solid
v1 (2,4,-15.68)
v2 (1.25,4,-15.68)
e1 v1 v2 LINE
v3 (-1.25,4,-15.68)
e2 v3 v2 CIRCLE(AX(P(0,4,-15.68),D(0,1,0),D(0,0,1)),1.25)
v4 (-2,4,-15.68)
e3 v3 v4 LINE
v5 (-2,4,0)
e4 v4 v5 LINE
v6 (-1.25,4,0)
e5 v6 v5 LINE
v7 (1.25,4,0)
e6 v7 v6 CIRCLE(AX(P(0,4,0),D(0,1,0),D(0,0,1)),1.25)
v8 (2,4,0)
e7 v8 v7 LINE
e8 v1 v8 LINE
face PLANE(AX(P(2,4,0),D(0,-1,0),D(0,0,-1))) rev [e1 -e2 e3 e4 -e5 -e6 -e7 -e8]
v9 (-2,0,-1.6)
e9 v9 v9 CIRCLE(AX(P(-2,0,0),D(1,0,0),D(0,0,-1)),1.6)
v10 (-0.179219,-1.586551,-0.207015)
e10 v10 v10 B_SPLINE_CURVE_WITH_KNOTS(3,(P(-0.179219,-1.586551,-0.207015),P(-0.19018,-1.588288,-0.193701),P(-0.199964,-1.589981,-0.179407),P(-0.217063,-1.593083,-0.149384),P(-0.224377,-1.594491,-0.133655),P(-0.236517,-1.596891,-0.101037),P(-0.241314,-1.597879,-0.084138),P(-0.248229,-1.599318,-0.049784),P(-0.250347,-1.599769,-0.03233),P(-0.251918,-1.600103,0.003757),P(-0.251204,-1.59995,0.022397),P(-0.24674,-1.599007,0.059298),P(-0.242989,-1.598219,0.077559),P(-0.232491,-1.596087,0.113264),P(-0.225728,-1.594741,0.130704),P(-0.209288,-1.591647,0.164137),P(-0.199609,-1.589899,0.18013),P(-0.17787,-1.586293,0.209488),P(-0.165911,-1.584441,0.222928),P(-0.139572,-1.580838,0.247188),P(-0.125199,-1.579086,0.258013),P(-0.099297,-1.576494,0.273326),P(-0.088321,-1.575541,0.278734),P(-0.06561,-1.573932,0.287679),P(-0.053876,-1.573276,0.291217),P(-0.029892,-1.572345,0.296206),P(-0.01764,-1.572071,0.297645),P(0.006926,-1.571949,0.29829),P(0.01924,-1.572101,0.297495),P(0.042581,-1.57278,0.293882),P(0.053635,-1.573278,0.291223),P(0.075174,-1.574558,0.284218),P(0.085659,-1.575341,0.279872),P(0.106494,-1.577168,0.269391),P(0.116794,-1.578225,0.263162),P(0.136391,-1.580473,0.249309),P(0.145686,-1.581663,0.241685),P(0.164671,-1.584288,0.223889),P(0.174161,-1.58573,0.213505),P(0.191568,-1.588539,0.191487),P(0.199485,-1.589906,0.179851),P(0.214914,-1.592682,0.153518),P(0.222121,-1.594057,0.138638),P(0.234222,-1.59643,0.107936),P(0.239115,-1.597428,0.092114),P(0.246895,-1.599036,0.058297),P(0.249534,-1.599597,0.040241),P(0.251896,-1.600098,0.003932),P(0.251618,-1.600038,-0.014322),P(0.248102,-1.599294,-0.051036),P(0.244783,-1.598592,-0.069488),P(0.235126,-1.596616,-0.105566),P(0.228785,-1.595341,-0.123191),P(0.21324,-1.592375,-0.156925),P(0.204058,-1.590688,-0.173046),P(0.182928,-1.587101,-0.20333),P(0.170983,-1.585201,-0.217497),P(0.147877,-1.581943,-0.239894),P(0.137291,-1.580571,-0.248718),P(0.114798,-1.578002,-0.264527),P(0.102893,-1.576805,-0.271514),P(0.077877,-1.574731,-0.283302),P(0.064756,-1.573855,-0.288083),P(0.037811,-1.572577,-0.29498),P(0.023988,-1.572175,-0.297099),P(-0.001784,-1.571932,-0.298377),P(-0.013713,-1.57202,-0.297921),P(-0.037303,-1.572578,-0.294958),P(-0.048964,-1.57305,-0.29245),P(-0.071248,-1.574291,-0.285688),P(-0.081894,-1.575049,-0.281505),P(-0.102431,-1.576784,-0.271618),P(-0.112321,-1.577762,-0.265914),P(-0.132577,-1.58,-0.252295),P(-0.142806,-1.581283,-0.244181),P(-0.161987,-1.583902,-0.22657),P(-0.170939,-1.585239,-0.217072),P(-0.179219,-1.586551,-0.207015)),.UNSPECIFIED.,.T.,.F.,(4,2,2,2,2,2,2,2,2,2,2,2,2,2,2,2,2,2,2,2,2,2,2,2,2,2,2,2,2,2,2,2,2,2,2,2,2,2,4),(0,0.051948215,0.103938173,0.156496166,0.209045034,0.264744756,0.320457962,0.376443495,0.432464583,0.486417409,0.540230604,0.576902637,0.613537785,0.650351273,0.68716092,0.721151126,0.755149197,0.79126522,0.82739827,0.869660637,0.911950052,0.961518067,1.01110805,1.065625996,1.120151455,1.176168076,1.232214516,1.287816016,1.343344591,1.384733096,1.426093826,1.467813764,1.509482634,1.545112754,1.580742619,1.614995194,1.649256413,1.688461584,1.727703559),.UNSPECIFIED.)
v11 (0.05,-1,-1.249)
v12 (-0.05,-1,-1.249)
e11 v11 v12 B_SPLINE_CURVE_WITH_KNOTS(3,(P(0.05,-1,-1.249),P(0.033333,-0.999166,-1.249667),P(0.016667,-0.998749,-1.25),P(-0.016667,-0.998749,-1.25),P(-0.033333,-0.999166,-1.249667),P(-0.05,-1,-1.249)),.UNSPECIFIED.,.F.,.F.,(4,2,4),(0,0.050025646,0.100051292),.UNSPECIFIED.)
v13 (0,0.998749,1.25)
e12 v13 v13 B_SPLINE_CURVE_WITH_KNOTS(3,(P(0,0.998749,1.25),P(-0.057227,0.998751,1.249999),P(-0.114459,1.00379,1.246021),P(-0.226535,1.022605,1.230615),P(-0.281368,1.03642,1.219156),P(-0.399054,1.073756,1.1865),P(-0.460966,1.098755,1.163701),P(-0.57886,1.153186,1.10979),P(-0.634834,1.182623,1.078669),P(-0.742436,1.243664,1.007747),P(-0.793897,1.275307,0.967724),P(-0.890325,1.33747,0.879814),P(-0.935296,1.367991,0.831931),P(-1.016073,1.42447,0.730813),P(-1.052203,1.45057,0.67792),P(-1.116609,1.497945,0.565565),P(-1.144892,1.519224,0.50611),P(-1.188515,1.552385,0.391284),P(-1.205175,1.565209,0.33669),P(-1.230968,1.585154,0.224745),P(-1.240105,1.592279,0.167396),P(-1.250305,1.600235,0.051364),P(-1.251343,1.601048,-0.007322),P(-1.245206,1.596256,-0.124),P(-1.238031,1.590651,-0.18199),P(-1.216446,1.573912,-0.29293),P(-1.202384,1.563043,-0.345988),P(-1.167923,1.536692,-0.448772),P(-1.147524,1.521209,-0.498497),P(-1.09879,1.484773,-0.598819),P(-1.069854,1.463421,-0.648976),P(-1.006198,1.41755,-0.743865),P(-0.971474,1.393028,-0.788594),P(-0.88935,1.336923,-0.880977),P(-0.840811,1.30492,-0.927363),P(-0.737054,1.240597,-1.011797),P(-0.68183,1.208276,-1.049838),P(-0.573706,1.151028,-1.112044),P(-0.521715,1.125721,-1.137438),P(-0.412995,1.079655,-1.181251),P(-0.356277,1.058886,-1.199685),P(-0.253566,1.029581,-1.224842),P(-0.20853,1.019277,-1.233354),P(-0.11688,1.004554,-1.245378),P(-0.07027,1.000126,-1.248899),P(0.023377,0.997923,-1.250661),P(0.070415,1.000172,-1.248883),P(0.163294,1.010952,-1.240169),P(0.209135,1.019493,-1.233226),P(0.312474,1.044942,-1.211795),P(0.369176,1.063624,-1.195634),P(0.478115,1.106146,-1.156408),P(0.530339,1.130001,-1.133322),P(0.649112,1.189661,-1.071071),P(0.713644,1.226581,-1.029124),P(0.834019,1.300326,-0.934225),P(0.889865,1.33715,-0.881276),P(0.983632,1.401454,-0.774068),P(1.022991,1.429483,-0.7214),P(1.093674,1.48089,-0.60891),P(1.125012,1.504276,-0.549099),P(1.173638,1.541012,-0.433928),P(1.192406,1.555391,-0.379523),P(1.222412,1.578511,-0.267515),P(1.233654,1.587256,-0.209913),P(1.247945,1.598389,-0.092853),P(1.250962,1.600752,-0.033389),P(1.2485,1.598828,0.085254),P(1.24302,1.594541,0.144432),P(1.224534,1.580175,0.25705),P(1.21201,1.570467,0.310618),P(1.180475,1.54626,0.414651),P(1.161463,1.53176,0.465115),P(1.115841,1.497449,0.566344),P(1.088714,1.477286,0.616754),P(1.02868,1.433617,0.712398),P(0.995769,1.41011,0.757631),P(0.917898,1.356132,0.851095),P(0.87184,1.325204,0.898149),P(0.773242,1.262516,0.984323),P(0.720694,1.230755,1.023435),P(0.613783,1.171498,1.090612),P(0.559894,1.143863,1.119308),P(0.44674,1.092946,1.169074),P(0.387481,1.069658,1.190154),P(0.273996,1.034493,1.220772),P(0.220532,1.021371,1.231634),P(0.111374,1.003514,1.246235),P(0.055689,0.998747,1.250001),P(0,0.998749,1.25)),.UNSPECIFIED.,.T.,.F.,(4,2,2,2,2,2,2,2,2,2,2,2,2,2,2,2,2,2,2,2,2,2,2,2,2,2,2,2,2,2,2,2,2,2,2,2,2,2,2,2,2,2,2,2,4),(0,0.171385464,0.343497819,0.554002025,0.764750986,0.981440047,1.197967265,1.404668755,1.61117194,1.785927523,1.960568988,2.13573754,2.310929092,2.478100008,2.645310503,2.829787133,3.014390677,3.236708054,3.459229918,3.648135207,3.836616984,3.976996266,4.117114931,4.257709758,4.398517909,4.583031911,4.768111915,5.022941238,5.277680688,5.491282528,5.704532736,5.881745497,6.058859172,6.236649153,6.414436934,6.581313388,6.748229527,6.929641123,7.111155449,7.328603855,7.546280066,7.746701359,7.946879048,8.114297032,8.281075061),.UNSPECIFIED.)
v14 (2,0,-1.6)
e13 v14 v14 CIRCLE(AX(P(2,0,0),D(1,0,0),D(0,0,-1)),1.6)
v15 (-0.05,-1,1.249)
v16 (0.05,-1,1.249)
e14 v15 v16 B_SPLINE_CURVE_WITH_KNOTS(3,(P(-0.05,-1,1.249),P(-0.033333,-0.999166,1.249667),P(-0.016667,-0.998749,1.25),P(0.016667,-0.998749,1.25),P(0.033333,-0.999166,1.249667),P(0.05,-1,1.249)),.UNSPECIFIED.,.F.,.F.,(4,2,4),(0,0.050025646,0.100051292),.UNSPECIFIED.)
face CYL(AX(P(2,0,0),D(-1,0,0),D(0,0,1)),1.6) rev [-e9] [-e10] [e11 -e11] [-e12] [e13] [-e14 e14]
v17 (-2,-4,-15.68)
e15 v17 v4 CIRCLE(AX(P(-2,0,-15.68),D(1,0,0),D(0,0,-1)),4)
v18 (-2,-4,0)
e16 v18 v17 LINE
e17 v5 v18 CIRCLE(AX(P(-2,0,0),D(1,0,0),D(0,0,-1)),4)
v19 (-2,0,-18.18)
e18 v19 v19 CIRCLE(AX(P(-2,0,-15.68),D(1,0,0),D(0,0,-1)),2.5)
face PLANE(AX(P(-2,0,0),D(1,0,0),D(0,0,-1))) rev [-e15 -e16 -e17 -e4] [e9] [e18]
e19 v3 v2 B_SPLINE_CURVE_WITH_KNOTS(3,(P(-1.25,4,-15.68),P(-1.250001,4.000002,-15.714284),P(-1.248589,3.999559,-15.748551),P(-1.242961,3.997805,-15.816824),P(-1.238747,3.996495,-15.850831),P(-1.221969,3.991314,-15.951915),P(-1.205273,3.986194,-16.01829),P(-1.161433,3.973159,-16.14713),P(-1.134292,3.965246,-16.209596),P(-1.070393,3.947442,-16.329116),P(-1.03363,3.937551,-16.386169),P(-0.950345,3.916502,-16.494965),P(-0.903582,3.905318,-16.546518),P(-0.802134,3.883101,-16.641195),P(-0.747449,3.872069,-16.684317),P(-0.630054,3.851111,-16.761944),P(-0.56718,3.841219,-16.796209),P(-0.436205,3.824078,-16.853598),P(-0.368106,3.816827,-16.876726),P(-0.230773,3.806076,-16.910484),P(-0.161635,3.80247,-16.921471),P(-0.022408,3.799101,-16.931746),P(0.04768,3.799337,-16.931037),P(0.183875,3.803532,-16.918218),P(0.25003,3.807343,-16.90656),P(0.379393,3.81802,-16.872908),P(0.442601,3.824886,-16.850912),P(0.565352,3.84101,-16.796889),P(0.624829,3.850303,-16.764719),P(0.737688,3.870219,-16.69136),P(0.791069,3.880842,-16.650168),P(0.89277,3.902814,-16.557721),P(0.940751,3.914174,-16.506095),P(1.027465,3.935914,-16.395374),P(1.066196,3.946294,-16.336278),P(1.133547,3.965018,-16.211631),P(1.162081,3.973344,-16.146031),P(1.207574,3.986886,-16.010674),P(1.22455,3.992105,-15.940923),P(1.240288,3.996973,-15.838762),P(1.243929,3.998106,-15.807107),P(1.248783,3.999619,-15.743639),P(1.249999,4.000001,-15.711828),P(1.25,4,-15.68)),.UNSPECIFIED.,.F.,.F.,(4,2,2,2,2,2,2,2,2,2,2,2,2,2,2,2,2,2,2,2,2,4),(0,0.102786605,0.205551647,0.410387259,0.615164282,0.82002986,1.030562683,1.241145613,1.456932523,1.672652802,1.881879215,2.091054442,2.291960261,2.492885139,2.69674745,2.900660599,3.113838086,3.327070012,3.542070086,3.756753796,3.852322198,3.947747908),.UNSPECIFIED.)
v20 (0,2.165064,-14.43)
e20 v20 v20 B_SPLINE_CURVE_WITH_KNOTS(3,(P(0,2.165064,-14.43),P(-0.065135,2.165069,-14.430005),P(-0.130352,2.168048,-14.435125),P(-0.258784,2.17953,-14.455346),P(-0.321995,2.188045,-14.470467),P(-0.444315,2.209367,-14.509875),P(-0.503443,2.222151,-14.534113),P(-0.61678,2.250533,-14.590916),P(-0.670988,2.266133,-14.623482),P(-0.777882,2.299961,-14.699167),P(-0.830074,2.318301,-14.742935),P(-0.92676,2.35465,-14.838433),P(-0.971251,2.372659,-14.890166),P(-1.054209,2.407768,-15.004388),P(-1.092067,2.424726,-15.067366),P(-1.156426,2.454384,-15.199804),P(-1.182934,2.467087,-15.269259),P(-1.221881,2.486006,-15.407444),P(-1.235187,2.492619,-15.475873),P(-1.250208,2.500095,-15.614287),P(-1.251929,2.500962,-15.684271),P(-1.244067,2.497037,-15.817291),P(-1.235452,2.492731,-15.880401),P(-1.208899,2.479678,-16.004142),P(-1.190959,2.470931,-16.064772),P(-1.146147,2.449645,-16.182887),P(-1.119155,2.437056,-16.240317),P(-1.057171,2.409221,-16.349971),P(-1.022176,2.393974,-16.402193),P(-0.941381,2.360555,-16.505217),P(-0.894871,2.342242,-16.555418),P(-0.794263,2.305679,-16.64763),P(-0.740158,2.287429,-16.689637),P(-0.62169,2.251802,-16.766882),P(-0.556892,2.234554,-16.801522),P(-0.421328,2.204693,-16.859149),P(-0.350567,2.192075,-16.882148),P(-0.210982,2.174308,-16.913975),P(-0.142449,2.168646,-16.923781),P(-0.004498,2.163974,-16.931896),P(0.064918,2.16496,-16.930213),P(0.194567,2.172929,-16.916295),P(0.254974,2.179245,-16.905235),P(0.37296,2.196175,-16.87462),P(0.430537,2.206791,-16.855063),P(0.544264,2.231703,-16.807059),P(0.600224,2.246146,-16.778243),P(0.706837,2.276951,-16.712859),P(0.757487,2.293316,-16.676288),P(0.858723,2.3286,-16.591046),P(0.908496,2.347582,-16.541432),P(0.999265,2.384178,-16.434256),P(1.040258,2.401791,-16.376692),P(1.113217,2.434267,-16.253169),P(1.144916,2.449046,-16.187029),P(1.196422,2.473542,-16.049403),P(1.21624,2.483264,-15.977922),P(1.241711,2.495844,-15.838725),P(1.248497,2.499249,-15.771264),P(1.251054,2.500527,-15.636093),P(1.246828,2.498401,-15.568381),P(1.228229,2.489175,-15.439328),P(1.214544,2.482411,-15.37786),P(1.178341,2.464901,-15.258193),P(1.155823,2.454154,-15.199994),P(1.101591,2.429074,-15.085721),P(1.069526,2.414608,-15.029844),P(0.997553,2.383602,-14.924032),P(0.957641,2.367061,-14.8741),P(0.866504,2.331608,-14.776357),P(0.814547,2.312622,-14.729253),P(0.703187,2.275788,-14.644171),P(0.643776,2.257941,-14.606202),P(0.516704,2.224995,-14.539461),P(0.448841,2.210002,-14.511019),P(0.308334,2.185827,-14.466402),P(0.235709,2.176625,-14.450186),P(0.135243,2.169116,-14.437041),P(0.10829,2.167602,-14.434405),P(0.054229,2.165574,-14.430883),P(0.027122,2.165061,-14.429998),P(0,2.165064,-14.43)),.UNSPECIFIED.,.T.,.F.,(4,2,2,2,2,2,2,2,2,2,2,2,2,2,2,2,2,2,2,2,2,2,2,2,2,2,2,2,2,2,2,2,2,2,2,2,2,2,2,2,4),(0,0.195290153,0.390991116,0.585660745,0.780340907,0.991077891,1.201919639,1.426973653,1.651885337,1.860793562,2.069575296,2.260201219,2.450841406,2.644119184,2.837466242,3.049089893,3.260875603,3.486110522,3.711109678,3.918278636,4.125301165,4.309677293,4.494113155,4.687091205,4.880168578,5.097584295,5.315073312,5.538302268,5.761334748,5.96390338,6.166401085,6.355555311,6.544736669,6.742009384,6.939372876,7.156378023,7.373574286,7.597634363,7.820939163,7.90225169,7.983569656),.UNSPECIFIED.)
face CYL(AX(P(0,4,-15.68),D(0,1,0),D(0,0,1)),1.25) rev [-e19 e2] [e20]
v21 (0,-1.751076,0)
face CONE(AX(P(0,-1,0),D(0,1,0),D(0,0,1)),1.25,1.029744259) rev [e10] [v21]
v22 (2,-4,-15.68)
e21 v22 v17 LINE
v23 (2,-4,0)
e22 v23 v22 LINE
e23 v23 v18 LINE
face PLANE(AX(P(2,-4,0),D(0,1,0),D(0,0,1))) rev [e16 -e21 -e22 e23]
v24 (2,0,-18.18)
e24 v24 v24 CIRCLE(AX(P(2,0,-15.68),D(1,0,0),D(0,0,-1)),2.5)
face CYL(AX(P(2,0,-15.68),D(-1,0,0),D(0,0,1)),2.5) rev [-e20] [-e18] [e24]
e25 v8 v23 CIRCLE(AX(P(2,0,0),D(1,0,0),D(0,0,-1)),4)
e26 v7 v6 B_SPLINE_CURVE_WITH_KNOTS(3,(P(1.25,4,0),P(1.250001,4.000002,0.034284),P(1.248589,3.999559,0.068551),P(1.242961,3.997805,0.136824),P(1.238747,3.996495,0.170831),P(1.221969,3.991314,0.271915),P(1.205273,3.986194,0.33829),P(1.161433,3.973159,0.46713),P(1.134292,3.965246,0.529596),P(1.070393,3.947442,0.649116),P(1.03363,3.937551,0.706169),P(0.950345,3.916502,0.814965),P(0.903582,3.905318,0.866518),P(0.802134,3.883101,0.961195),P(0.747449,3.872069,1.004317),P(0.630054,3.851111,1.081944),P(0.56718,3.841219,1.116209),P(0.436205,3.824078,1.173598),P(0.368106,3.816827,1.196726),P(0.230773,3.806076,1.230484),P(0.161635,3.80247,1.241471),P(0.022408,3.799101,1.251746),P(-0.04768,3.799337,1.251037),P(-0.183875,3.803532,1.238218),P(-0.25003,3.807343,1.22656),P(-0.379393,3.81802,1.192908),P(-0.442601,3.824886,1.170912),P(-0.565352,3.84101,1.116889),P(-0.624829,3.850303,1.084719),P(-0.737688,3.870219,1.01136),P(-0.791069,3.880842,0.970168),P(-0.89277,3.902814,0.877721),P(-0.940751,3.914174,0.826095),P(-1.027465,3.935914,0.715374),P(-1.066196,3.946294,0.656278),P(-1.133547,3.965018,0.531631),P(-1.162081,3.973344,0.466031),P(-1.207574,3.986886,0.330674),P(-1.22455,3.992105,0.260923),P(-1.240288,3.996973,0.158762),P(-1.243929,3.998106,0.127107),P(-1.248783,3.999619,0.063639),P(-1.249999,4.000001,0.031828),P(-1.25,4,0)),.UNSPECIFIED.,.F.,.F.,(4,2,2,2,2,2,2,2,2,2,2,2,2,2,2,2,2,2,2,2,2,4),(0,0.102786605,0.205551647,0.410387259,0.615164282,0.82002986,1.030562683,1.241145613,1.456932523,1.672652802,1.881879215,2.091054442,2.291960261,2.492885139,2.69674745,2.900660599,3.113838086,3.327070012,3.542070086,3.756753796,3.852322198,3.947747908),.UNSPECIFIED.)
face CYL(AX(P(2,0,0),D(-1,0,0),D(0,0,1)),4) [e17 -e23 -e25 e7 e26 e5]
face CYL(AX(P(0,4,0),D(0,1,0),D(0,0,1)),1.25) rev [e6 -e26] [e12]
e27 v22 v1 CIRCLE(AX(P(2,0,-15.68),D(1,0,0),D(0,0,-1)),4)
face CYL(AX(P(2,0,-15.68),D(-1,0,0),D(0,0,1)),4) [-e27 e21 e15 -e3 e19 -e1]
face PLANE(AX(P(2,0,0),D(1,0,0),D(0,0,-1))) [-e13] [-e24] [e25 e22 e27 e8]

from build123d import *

# Parameters (mm, degrees)
SKETCH1_R                 = 1.6
SKETCH1_R_2               = 2.5
BOSS_EXTRUDE1_DEPTH       = 2
M3X0_5_TAPPED_HOLE1_D     = 2.5
M3X0_5_TAPPED_HOLE1_DEPTH = 5
M3X0_5_TAPPED_HOLE1_TIP   = 0.751075774


with BuildPart() as part:
    # Sketch1 → Boss-Extrude1 (new body, symmetric)
    with BuildSketch(Plane(origin=(0, 0, 0), x_dir=(0, 0, -1), z_dir=(1, 0, 0))):
        with BuildLine():
            Line((0, 4), (15.68, 4))
            ThreePointArc((15.68, 4), (19.68, 0), (15.68, -4))
            Line((15.68, -4), (0, -4))
            ThreePointArc((0, -4), (-4, 0), (0, 4))
        make_face()
        Circle(SKETCH1_R, mode=Mode.SUBTRACT)
        with Locations((15.68, 0)):
            Circle(SKETCH1_R_2, mode=Mode.SUBTRACT)
    extrude(amount=BOSS_EXTRUDE1_DEPTH, both=True)

    # M3x0.5 Tapped Hole1
    with Locations(Plane(origin=(0, 4, 0), x_dir=(1, 0, 0), z_dir=(0, 1, 0))):
        with Locations((0, 15.68), (0, 0)):
            Hole(M3X0_5_TAPPED_HOLE1_D / 2, depth=M3X0_5_TAPPED_HOLE1_DEPTH)
            with Locations((0, 0, -(M3X0_5_TAPPED_HOLE1_DEPTH + M3X0_5_TAPPED_HOLE1_TIP / 2))):  # 118° drill point
                Cone(0, M3X0_5_TAPPED_HOLE1_D / 2, M3X0_5_TAPPED_HOLE1_TIP, mode=Mode.SUBTRACT)


solid = part.part
